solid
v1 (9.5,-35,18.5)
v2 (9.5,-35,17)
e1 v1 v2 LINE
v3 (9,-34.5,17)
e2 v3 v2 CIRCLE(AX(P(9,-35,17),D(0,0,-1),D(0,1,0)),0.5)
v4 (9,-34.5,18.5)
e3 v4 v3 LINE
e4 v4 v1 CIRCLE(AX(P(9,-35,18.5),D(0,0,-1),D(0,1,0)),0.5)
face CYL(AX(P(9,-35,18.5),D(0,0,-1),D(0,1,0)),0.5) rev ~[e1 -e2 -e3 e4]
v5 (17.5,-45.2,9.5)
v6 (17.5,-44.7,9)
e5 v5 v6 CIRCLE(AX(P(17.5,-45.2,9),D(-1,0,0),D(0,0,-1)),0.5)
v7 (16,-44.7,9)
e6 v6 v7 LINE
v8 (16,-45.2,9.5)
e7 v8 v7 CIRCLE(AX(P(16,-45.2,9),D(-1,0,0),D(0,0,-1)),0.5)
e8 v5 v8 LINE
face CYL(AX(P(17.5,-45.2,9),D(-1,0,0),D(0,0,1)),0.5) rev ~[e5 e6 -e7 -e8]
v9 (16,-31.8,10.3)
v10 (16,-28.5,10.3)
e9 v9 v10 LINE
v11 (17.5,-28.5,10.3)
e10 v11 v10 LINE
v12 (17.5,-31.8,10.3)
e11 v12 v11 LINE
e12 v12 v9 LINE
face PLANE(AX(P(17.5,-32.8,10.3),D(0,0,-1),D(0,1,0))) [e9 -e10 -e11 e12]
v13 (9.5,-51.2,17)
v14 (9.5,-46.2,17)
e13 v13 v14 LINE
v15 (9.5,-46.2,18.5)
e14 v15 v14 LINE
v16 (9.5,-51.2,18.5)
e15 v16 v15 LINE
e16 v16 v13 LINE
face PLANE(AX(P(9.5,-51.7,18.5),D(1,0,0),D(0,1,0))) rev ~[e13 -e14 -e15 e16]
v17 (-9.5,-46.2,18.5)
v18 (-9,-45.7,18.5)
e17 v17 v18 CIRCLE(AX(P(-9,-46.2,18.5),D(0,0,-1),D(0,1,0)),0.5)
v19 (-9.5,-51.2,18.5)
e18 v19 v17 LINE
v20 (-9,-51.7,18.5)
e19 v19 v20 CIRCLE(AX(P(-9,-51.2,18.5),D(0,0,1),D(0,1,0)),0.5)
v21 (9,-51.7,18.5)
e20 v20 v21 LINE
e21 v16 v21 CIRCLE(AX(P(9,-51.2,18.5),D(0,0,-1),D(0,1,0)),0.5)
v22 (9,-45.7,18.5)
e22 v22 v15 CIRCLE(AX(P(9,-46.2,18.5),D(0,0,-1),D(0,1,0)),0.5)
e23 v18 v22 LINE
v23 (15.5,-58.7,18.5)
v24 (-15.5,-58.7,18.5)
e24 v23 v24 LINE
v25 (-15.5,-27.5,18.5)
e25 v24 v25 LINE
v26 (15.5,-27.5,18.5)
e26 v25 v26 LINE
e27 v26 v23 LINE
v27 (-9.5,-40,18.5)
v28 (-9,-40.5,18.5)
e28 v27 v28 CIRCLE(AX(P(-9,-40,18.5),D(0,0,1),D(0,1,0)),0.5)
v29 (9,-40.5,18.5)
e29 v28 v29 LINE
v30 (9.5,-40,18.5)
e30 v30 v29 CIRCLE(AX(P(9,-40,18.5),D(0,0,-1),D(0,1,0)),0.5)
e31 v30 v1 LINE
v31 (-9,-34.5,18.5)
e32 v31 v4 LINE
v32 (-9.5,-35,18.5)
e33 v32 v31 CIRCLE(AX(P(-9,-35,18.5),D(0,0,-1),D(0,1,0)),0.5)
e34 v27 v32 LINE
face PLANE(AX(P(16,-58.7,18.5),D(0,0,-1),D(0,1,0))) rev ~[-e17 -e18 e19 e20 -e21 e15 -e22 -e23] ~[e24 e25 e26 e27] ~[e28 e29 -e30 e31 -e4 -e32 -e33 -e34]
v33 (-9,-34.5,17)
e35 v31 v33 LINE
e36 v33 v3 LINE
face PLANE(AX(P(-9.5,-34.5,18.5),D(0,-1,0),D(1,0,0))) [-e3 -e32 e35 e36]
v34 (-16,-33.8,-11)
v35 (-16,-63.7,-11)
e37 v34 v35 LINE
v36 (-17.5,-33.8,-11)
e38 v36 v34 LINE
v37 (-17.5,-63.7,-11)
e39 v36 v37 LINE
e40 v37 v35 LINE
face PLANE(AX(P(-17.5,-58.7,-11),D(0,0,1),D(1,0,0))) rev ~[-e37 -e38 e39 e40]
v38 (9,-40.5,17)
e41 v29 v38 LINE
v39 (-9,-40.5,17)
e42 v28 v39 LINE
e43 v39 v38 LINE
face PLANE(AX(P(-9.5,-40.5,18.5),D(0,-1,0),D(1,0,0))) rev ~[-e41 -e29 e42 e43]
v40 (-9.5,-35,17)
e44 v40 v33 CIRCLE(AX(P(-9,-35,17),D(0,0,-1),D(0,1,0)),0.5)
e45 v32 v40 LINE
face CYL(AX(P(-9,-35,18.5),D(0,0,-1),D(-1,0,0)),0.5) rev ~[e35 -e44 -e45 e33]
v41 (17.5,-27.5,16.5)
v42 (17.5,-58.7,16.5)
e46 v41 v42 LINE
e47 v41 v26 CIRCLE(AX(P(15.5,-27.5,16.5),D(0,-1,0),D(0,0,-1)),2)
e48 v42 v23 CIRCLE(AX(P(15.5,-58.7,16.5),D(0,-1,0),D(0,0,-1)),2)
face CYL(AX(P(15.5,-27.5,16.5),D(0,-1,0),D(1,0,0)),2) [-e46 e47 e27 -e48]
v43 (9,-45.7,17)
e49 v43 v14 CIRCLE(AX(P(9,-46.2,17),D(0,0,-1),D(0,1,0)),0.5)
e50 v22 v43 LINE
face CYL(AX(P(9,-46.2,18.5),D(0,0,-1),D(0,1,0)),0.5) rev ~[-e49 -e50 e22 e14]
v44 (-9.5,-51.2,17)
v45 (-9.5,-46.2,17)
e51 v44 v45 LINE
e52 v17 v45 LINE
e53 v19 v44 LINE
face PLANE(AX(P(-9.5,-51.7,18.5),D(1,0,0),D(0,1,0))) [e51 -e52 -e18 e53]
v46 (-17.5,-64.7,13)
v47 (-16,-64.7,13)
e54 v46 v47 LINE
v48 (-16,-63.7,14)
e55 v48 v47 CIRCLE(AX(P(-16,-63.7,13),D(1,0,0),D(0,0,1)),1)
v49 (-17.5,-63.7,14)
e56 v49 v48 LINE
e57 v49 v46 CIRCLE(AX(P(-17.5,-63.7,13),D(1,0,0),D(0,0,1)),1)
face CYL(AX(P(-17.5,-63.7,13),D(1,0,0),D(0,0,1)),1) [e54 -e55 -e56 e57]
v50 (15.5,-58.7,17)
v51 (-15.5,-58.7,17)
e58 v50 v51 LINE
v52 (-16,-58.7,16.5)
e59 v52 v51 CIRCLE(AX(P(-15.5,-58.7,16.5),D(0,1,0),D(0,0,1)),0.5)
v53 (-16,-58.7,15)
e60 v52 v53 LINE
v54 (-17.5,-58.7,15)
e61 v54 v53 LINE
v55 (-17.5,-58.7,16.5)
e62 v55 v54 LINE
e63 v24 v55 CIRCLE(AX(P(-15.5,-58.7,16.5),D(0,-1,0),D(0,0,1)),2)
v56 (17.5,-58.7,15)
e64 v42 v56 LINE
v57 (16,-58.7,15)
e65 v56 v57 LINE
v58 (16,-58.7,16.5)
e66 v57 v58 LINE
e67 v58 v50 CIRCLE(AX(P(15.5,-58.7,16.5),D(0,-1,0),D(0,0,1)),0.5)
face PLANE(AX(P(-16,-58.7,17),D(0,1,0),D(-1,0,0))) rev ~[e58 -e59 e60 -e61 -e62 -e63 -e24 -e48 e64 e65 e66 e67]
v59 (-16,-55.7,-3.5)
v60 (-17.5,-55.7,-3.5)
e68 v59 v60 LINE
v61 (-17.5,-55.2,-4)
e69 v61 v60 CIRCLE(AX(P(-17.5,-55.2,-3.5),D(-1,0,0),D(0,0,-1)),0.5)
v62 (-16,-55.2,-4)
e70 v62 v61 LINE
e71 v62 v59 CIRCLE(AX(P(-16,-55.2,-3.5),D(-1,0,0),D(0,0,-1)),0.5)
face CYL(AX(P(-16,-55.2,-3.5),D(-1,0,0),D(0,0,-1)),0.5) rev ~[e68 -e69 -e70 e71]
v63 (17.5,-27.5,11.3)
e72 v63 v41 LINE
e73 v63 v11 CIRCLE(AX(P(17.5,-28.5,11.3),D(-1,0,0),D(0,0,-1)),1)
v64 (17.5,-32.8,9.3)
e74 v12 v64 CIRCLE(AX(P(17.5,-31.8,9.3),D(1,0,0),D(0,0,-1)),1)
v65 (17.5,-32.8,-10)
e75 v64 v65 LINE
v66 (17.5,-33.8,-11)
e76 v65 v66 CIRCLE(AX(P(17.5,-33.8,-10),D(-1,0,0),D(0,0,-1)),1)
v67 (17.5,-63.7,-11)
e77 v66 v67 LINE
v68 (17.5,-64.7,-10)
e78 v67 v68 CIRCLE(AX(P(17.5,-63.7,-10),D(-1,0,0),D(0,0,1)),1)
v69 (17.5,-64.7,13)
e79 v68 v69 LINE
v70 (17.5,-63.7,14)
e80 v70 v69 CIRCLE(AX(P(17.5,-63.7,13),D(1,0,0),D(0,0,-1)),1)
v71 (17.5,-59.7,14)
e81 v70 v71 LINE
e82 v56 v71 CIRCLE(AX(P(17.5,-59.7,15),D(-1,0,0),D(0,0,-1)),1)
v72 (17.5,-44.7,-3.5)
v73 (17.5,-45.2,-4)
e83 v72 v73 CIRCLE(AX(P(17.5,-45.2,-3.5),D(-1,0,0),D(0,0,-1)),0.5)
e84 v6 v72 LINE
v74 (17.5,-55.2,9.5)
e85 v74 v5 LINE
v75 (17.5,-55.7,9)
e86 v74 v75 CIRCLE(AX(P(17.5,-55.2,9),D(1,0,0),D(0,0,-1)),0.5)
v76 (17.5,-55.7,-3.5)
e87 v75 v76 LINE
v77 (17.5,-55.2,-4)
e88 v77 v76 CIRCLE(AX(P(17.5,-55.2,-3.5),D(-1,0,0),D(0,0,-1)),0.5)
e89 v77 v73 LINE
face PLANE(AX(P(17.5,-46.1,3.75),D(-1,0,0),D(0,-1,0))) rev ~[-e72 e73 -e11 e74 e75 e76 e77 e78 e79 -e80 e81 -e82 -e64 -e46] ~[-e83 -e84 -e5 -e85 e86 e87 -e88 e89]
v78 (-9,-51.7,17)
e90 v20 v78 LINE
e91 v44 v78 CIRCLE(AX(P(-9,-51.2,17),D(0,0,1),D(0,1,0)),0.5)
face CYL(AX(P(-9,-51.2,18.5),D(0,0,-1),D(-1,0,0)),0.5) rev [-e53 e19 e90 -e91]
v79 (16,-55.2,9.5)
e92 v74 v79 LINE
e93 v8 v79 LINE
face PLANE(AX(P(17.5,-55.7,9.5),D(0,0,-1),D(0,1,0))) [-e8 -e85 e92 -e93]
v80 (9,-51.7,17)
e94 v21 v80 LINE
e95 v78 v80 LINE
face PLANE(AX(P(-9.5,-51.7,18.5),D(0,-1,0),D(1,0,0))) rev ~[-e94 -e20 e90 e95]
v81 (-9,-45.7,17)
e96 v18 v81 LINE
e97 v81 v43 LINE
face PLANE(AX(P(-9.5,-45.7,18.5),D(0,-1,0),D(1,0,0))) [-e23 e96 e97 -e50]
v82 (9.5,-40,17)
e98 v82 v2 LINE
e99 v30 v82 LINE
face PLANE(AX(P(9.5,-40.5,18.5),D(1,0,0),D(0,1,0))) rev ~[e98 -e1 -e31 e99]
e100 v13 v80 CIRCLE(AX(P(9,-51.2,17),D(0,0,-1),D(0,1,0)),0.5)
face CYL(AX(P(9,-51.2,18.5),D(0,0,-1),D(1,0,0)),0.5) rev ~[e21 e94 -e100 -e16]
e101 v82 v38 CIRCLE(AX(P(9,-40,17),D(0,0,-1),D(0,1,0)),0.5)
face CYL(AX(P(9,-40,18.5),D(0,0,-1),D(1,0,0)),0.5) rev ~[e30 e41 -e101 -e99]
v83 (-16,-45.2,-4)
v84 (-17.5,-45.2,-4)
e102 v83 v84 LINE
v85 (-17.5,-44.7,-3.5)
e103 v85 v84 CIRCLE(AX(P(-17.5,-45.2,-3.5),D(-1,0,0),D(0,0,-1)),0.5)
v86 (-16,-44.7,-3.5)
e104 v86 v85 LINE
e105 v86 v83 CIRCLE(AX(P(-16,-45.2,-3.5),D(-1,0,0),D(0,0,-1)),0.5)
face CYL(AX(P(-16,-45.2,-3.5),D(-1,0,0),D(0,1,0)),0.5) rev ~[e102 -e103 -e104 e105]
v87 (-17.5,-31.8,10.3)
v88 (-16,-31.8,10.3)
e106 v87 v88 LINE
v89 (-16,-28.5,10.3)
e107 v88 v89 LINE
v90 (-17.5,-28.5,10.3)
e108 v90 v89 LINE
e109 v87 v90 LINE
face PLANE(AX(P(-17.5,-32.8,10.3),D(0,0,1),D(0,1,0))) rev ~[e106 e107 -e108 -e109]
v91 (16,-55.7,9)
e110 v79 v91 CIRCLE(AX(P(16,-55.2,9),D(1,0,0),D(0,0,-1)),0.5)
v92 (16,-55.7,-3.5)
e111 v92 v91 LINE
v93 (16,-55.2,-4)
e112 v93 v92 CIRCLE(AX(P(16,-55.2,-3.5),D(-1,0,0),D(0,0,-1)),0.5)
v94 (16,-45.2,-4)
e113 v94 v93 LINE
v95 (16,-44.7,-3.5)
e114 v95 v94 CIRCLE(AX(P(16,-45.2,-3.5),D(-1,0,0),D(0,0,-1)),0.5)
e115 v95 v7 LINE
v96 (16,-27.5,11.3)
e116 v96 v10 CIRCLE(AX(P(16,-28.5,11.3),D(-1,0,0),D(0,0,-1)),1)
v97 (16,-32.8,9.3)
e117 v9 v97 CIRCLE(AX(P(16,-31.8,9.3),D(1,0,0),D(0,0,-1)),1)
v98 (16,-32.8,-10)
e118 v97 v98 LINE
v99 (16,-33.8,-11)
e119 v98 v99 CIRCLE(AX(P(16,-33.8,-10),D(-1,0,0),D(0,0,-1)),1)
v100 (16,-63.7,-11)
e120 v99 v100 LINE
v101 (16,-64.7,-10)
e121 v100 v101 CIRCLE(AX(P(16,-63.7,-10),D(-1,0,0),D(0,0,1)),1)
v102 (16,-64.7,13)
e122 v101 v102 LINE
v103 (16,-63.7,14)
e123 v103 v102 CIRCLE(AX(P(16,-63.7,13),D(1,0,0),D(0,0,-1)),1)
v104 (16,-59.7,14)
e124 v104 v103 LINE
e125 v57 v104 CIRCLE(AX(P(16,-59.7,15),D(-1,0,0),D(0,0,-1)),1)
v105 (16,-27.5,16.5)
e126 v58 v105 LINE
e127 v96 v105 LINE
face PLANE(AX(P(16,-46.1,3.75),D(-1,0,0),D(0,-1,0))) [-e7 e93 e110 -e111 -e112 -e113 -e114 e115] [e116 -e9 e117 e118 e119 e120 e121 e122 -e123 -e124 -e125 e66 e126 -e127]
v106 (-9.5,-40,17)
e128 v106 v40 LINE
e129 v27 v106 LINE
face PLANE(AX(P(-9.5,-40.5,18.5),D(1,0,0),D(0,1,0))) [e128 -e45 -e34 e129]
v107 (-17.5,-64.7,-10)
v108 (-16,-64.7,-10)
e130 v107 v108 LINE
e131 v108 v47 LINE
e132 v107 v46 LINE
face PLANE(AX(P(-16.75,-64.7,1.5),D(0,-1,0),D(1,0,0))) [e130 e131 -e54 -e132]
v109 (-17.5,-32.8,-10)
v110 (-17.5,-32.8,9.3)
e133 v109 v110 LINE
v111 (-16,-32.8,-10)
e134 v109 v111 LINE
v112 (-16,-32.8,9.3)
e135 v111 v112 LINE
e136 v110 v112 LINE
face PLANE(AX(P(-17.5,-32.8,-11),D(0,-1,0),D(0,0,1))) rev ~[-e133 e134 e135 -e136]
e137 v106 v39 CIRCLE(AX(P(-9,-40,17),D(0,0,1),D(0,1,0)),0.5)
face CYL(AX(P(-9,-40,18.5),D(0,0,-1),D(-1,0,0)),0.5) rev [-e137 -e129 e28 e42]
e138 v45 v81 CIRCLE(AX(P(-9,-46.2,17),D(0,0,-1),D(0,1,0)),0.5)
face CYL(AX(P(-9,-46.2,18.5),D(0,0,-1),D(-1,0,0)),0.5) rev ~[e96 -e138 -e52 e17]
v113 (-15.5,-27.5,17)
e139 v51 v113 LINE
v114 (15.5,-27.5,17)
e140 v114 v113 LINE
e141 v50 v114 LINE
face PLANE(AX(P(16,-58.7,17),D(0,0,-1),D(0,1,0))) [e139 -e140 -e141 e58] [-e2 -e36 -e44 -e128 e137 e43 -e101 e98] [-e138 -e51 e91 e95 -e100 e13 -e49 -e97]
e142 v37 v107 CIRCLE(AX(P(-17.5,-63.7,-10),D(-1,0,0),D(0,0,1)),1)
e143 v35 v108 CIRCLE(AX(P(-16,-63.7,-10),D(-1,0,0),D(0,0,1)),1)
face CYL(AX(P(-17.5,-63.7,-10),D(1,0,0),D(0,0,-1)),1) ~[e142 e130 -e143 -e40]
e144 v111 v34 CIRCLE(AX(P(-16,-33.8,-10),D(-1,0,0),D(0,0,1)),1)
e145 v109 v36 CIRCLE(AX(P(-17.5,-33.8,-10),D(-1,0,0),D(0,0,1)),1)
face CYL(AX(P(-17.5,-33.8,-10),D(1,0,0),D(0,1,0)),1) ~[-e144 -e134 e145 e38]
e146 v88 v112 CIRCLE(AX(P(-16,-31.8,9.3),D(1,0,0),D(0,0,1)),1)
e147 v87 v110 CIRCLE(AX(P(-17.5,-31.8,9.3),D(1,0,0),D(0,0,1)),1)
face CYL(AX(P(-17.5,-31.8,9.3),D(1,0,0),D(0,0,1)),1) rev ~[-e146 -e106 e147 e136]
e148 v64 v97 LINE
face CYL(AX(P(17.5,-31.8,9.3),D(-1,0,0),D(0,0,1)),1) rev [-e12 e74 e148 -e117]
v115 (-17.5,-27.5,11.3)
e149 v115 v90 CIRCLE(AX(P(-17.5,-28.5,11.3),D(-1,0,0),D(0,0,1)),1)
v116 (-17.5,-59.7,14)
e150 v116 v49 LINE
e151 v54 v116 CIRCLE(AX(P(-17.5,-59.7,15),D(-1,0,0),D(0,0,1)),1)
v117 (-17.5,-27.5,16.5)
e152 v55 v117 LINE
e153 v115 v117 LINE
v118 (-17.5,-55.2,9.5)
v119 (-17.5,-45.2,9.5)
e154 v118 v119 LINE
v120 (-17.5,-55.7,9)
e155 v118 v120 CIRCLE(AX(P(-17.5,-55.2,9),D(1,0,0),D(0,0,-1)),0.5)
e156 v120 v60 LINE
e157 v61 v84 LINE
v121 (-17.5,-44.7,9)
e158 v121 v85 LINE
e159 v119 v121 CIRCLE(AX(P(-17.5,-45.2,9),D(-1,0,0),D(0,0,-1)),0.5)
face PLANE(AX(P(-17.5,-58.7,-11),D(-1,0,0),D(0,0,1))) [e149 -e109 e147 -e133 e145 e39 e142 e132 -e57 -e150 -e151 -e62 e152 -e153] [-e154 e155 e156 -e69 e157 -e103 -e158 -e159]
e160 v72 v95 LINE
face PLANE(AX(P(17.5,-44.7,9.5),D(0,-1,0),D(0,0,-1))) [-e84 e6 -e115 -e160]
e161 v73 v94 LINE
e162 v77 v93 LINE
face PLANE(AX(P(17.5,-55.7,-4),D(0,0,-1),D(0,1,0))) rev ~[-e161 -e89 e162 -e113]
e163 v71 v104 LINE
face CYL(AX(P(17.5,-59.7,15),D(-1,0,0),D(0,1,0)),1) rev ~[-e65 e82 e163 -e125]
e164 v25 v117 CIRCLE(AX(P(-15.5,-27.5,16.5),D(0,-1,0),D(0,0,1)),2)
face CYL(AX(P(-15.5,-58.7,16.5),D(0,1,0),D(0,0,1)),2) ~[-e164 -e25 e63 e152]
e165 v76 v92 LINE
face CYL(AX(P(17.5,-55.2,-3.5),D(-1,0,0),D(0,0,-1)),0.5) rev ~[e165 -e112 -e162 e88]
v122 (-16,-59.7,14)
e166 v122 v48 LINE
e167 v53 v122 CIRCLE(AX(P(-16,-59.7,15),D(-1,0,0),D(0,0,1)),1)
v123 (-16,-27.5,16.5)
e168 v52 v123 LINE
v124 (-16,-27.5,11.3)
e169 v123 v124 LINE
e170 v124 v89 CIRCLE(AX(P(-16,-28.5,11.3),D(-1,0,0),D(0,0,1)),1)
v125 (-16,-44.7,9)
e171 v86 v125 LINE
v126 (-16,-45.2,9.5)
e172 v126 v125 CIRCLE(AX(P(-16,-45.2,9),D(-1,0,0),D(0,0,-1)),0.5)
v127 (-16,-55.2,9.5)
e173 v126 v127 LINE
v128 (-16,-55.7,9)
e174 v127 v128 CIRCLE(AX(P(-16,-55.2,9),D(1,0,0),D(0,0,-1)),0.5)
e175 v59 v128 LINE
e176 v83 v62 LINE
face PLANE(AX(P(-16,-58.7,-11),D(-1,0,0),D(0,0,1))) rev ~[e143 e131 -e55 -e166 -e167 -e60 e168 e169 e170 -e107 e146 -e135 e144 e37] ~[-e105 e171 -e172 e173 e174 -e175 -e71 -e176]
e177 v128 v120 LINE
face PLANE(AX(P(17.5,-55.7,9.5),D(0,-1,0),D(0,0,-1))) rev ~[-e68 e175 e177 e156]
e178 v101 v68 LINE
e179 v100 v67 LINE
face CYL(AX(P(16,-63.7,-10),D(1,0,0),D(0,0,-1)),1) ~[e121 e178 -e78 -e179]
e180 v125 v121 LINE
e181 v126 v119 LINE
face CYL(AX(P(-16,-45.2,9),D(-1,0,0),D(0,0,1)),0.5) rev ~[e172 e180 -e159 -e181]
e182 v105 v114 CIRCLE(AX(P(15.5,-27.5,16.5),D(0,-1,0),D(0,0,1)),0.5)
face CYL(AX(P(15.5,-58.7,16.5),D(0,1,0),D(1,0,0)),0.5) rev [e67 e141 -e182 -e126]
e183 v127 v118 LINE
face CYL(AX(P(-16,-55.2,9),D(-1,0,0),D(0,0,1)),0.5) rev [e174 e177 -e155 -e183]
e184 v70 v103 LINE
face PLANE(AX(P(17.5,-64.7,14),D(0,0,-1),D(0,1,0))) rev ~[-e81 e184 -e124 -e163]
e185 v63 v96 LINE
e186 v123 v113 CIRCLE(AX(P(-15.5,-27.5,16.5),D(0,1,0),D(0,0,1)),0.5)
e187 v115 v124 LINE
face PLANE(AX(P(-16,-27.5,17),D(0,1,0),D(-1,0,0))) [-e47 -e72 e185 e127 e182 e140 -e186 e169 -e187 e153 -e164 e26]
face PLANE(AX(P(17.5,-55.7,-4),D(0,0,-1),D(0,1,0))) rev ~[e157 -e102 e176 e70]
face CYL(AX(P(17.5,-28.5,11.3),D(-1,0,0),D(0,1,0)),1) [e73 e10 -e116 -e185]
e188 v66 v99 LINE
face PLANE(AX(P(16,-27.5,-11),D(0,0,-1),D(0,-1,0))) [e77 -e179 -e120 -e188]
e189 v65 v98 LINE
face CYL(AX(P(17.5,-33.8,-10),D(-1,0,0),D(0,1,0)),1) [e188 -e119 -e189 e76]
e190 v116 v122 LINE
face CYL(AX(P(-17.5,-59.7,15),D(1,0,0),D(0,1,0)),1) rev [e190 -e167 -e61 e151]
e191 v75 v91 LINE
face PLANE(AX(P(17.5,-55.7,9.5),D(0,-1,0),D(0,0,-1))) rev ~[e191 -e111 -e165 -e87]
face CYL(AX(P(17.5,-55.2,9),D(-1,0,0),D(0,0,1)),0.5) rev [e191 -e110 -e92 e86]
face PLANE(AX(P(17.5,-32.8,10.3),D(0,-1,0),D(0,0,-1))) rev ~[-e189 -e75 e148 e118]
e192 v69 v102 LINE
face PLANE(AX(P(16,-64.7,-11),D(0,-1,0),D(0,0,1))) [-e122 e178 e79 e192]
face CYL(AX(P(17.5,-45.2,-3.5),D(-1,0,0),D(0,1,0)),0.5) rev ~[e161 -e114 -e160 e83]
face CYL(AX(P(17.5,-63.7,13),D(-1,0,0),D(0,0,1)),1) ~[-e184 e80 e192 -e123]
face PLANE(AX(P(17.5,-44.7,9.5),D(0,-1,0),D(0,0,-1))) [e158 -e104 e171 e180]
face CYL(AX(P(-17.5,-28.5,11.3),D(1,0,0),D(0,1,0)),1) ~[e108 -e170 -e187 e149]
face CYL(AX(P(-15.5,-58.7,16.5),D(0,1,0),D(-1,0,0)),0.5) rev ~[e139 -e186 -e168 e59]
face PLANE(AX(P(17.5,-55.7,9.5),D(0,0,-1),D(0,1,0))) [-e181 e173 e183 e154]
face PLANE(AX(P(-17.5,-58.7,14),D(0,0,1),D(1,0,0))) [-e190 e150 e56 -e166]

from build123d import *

# Parameters (mm, degrees)
SKETCH1_W           = 37.2
SKETCH1_H           = 29.5
BOSS_EXTRUDE1_DEPTH = 1.5
SKETCH2_W           = 4.5
SKETCH2_H           = 6
CUT_EXTRUDE1_DEPTH  = 2.5
SKETCH3_W           = 1.5
SKETCH3_H           = 31.2
BOSS_EXTRUDE2_DEPTH = 33.5
SKETCH4_W           = 1.5
SKETCH4_H           = 31.2
BOSS_EXTRUDE3_DEPTH = 28
SKETCH5_W           = 1.5
SKETCH5_H           = 25
BOSS_EXTRUDE4_DEPTH = 6
CUT_EXTRUDE2_REACH  = 37
SKETCH6_W           = 21.3
SKETCH6_H           = 5.3
SKETCH7_W           = 21.3
SKETCH7_H           = 5.3
CUT_EXTRUDE3_DEPTH  = 36
FILLET1_R           = 0.5
FILLET2_R           = 2
SKETCH8_W           = 19
SKETCH8_H           = 6
CUT_EXTRUDE4_DEPTH  = 1.5
FILLET3_R           = 0.5
SKETCH9_W           = 13.5
SKETCH9_H           = 11
CUT_EXTRUDE5_DEPTH  = 35
FILLET4_R           = 0.5
FILLET5_R           = 1


with BuildPart() as part:
    # Sketch1 → Boss-Extrude1 (new body)
    with BuildSketch(Plane(origin=(16, 0, 0), x_dir=(0, -1, 0), z_dir=(-1, 0, 0))):
        with Locations((46.1, 3.75)):
            Rectangle(SKETCH1_W, SKETCH1_H)
    extrude(amount=-BOSS_EXTRUDE1_DEPTH)

    # Sketch2 → Cut-Extrude1 (cut, through all)
    with BuildSketch(Plane(origin=(17.5, 0, 0), x_dir=(0, 0, -1), z_dir=(1, 0, 0))):
        with Locations((-16.25, -61.7)):
            Rectangle(SKETCH2_W, SKETCH2_H)
    extrude(amount=-CUT_EXTRUDE1_DEPTH, mode=Mode.SUBTRACT)

    # Sketch3 → Boss-Extrude2 (add)
    with BuildSketch(Plane.ZY.offset(-16)):
        with Locations((17.75, -43.1)):
            Rectangle(SKETCH3_W, SKETCH3_H)
    extrude(amount=BOSS_EXTRUDE2_DEPTH)

    # Sketch4 → Boss-Extrude3 (add)
    with BuildSketch(Plane(origin=(0, 0, 17), x_dir=(-1, 0, 0), z_dir=(0, 0, -1))):
        with Locations((16.75, -43.1)):
            Rectangle(SKETCH4_W, SKETCH4_H)
    extrude(amount=BOSS_EXTRUDE3_DEPTH)

    # Sketch5 → Boss-Extrude4 (add)
    with BuildSketch(Plane.XZ.offset(58.7)):
        with Locations((-16.75, 1.5)):
            Rectangle(SKETCH5_W, SKETCH5_H)
    extrude(amount=BOSS_EXTRUDE4_DEPTH)

    # Sketch6 → Cut-Extrude2 (cut, up to next)
    with BuildSketch(Plane(origin=(17.5, 0, 0), x_dir=(0, 0, -1), z_dir=(1, 0, 0)), mode=Mode.PRIVATE) as cut_extrude2_sk1:
        with Locations((0.35, -30.15)):
            Rectangle(SKETCH6_W, SKETCH6_H)
    cut_extrude2_tool1 = extrude(cut_extrude2_sk1.sketch, amount=-CUT_EXTRUDE2_REACH, mode=Mode.PRIVATE) & part.part
    add(cut_extrude2_tool1.solids().sort_by_distance((17.5, -30.15, -0.35))[0], mode=Mode.SUBTRACT)

    # Sketch7 → Cut-Extrude3 (cut, through all)
    with BuildSketch(Plane.ZY.offset(17.5)):
        with Locations((-0.35, -30.15)):
            Rectangle(SKETCH7_W, SKETCH7_H)
    extrude(amount=-CUT_EXTRUDE3_DEPTH, mode=Mode.SUBTRACT)

    # Fillet1
    fillet1_edges = [part.edges().sort_by_distance(p)[0] for p in [
        (16, -43.1, 17),
        (-16, -43.1, 17),
    ]]
    fillet(fillet1_edges, radius=FILLET1_R)

    # Fillet2
    fillet2_edges = [part.edges().sort_by_distance(p)[0] for p in [
        (17.5, -43.1, 18.5),
        (-17.5, -43.1, 18.5),
    ]]
    fillet(fillet2_edges, radius=FILLET2_R)

    # Sketch8 → Cut-Extrude4 (cut)
    with BuildSketch(Plane.XY.offset(18.5)):
        with Locations((0, -37.5)):
            Rectangle(SKETCH8_W, SKETCH8_H)
        with Locations((0, -48.7)):
            Rectangle(SKETCH8_W, SKETCH8_H)
    extrude(amount=-CUT_EXTRUDE4_DEPTH, mode=Mode.SUBTRACT)

    # Fillet3
    fillet3_edges = [part.edges().sort_by_distance(p)[0] for p in [
        (9.5, -51.7, 17.75),
        (-9.5, -51.7, 17.75),
        (-9.5, -45.7, 17.75),
        (9.5, -45.7, 17.75),
        (-9.5, -40.5, 17.75),
        (-9.5, -34.5, 17.75),
        (9.5, -34.5, 17.75),
        (9.5, -40.5, 17.75),
    ]]
    fillet(fillet3_edges, radius=FILLET3_R)

    # Sketch9 → Cut-Extrude5 (cut)
    with BuildSketch(Plane(origin=(17.5, 0, 0), x_dir=(0, 0, -1), z_dir=(1, 0, 0))):
        with Locations((-2.75, -50.2)):
            Rectangle(SKETCH9_W, SKETCH9_H)
    extrude(amount=-CUT_EXTRUDE5_DEPTH, mode=Mode.SUBTRACT)

    # Fillet4
    fillet4_edges = [part.edges().sort_by_distance(p)[0] for p in [
        (-16.75, -55.7, 9.5),
        (-16.75, -44.7, 9.5),
        (-16.75, -44.7, -4),
        (-16.75, -55.7, -4),
        (16.75, -55.7, 9.5),
        (16.75, -44.7, 9.5),
        (16.75, -44.7, -4),
        (16.75, -55.7, -4),
    ]]
    fillet(fillet4_edges, radius=FILLET4_R)

    # Fillet5
    fillet5_edges = [part.edges().sort_by_distance(p)[0] for p in [
        (16.75, -58.7, 14),
        (16.75, -64.7, 14),
        (-16.75, -58.7, 14),
        (-16.75, -64.7, -11),
        (-16.75, -64.7, 14),
        (16.75, -32.8, -11),
        (16.75, -32.8, 10.3),
        (16.75, -27.5, 10.3),
        (16.75, -64.7, -11),
        (-16.75, -27.5, 10.3),
        (-16.75, -32.8, -11),
        (-16.75, -32.8, 10.3),
    ]]
    fillet(fillet5_edges, radius=FILLET5_R)


solid = part.part
